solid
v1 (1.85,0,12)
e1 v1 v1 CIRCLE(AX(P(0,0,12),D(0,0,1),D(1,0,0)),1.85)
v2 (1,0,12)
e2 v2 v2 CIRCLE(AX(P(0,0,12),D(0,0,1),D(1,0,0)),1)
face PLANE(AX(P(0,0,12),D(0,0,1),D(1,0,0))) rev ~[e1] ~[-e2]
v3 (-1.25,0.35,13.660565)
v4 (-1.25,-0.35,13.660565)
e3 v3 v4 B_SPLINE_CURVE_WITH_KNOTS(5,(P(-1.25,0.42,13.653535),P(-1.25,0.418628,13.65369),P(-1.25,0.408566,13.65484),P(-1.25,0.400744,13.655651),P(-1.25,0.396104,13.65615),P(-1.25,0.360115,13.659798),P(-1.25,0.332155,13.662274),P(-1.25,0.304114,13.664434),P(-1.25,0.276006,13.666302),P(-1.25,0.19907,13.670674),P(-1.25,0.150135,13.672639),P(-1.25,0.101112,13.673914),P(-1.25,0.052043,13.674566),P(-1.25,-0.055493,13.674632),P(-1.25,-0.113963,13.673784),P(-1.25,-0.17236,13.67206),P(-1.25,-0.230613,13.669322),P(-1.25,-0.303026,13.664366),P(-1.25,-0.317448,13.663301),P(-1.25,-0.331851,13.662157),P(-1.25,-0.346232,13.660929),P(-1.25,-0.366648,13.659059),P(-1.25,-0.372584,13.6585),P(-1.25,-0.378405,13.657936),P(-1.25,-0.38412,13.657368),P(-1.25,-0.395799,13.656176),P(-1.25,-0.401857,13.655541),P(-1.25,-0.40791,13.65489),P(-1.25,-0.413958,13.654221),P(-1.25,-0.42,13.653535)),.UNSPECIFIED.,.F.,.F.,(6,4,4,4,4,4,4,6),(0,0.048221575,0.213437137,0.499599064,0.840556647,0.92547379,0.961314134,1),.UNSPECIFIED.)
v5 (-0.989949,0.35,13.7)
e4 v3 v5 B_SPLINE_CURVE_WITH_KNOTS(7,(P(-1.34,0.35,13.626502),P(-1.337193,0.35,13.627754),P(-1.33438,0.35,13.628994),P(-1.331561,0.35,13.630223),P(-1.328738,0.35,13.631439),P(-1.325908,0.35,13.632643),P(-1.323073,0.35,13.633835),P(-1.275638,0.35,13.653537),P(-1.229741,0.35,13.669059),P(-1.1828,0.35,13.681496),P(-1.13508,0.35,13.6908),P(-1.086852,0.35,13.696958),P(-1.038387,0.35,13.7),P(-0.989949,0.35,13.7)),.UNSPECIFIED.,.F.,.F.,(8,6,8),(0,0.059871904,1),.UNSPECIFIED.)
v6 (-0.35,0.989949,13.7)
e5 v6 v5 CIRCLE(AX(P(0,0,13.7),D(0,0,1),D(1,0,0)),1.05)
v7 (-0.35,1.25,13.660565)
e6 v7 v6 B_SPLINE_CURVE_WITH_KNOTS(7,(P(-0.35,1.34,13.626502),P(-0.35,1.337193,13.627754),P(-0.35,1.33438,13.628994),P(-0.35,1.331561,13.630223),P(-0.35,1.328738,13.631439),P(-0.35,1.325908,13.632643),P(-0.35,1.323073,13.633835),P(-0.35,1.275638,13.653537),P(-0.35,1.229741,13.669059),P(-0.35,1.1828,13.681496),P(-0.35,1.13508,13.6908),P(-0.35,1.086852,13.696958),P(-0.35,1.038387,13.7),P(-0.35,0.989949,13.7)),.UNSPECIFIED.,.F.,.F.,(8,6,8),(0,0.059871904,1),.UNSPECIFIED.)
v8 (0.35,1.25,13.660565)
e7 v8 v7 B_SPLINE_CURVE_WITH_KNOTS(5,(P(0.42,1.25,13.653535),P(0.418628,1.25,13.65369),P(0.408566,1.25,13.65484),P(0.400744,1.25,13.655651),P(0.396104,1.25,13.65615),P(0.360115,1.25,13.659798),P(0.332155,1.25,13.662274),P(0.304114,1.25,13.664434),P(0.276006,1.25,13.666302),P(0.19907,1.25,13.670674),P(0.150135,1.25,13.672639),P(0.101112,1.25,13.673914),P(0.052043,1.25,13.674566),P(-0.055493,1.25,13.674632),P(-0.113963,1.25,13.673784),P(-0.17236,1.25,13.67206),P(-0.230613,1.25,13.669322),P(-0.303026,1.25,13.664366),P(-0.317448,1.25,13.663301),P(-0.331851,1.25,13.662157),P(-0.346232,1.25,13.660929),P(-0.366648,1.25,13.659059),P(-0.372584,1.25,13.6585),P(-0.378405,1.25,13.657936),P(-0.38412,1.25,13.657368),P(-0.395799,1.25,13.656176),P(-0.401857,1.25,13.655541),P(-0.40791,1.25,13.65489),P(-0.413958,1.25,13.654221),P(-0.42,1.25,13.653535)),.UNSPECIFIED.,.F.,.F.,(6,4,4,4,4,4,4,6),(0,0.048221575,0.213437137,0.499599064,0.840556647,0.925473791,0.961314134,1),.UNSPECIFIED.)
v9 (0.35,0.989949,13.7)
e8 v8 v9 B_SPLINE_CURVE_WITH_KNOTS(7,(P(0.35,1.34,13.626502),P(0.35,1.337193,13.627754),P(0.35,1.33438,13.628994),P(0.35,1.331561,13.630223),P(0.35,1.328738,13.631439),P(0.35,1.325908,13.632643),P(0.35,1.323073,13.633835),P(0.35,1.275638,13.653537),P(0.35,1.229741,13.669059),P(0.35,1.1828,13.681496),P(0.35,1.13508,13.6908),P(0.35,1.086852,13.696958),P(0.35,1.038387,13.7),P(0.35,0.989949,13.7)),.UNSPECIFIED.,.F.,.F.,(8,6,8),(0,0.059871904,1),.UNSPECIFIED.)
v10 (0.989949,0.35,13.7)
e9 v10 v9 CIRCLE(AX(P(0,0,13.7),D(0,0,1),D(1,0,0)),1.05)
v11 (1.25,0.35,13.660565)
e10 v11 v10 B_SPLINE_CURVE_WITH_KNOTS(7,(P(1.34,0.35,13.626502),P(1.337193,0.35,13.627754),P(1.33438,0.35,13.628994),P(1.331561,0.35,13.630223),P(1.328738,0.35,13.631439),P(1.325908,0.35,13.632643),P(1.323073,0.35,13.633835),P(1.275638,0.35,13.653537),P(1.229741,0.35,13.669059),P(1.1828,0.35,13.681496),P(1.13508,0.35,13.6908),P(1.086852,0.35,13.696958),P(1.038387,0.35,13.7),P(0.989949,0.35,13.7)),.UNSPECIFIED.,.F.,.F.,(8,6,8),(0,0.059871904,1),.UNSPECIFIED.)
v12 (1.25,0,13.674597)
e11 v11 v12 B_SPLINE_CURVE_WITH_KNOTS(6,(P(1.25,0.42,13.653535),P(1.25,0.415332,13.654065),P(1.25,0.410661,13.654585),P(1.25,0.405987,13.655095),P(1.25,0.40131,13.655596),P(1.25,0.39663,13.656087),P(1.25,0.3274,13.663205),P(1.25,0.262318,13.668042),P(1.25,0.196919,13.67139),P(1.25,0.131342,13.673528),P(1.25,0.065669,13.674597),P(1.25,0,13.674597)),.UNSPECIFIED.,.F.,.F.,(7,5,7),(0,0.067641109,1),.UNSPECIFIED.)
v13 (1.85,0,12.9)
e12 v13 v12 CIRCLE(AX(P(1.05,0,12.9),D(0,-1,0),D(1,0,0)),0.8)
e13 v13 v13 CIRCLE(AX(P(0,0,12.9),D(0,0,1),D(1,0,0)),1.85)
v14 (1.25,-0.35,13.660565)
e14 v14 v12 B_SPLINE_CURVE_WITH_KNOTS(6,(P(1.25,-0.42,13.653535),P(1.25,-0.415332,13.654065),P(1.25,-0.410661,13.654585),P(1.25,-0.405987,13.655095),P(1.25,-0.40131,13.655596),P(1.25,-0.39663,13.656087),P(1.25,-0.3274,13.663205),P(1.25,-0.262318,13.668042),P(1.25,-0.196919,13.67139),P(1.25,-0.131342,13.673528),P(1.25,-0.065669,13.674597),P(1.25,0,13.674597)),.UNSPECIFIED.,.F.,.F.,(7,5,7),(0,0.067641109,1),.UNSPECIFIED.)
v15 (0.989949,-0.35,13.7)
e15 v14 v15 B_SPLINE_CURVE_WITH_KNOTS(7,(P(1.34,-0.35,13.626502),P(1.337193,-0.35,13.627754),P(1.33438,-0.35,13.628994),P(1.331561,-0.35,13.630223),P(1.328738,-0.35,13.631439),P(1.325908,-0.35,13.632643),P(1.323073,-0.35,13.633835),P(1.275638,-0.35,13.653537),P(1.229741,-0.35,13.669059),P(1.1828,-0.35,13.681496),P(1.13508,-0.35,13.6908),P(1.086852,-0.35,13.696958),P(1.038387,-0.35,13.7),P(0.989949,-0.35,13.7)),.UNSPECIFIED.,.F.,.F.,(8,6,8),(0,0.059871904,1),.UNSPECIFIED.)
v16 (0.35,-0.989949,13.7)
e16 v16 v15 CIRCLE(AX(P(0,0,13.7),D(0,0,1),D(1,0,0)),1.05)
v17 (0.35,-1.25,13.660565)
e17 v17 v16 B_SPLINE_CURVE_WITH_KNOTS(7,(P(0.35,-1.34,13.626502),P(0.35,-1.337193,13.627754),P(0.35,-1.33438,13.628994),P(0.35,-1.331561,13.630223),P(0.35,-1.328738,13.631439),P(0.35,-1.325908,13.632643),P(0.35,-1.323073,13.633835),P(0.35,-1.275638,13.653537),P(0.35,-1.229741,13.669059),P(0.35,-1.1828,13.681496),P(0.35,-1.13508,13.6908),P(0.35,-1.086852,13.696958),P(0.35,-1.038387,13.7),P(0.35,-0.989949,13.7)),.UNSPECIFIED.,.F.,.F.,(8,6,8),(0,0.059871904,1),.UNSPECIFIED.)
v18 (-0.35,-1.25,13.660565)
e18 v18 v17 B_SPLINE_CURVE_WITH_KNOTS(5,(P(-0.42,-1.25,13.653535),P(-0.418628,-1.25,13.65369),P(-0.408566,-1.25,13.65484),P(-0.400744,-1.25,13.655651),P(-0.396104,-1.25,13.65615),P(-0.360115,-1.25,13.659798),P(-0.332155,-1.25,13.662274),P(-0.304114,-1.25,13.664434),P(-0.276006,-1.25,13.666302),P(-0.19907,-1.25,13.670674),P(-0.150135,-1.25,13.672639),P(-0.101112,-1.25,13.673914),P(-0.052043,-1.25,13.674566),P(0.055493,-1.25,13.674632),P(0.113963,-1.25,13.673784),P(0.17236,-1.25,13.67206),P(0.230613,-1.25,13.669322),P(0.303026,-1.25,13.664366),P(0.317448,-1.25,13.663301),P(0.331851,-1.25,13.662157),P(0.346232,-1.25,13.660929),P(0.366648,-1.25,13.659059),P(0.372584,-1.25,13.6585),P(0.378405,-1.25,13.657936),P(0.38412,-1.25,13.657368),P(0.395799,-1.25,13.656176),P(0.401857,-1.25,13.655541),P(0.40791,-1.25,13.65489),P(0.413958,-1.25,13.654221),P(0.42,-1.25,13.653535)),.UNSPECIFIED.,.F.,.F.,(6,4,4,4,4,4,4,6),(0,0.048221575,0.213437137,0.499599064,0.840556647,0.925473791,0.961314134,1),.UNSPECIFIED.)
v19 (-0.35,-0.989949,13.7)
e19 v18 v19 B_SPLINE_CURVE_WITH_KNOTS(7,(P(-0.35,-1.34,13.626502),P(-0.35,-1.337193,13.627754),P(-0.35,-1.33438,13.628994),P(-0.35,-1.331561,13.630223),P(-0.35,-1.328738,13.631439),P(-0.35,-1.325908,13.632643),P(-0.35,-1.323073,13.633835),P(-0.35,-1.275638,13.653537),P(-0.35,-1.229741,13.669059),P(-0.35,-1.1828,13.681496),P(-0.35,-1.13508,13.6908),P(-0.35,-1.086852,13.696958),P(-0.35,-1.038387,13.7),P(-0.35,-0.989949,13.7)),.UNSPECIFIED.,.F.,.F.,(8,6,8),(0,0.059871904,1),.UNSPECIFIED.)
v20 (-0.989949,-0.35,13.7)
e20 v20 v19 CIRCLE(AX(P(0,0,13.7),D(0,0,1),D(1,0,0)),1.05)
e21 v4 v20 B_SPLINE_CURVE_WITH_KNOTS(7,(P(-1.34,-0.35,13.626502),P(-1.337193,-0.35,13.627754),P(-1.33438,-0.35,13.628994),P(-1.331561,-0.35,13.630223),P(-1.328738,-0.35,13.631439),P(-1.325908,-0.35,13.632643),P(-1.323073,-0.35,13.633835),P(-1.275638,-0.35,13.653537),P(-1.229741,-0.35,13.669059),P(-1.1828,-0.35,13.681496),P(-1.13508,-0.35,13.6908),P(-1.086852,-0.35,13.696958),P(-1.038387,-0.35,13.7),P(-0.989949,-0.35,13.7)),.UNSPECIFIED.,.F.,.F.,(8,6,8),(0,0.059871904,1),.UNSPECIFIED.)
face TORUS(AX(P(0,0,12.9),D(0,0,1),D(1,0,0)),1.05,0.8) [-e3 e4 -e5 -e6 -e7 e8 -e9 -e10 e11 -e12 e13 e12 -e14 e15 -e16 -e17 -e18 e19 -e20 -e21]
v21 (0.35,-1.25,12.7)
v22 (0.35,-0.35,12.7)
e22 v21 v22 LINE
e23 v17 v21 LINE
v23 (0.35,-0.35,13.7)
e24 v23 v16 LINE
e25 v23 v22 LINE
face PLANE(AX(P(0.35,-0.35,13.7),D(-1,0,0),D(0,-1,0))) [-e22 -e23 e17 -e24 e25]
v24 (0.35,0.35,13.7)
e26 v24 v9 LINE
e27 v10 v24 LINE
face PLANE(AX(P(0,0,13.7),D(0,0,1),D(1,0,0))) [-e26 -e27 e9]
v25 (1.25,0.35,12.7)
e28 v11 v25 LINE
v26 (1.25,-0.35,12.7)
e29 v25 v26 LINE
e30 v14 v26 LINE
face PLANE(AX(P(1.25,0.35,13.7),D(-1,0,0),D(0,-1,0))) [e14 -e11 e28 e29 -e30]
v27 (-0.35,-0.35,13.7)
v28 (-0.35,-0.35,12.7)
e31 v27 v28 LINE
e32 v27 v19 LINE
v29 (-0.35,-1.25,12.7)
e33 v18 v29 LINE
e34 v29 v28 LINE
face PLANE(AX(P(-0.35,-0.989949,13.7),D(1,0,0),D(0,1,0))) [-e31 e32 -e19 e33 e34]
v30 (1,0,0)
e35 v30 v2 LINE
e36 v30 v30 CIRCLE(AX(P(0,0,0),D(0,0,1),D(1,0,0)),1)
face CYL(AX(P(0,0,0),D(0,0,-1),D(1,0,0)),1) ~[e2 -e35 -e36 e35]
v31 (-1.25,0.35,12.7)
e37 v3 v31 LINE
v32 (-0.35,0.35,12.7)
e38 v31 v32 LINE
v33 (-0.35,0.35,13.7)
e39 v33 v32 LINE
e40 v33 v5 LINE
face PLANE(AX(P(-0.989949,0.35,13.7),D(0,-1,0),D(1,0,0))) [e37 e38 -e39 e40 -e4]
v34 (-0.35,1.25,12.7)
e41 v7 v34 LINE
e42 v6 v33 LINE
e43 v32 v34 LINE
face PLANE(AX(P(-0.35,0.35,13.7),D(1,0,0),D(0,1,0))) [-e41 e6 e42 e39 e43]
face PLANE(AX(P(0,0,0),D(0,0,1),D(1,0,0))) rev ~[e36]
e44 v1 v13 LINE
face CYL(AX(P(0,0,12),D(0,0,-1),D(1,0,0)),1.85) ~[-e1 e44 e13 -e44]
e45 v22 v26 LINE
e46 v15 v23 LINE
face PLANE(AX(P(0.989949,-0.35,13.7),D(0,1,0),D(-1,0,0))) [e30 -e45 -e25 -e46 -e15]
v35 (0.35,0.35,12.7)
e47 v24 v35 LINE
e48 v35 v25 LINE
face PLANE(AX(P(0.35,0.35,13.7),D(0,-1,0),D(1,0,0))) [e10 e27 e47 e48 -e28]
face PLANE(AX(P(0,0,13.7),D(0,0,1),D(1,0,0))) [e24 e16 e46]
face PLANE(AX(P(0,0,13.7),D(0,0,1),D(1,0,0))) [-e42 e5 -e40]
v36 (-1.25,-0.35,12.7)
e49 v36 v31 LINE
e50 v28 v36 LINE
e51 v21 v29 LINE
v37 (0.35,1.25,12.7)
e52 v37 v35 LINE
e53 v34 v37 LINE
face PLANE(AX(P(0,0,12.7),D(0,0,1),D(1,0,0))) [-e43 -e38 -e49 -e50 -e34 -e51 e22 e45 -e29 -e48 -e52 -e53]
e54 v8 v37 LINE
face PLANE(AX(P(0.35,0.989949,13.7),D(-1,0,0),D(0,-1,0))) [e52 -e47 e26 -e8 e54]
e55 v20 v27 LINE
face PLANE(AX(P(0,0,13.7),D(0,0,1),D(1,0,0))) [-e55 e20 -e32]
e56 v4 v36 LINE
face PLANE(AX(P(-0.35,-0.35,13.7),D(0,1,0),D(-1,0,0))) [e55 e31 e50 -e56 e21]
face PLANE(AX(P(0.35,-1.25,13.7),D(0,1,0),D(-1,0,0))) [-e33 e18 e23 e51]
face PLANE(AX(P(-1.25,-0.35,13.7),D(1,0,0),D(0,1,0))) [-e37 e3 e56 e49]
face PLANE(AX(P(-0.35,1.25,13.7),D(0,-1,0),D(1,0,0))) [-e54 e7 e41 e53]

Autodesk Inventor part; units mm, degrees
ref_plane "YZ Plane" through (0, 0, 0) normal (1, 0, 0) x (0, 1, 0)
ref_plane "XZ Plane" through (0, 0, 0) normal (0, 1, 0) x (-1, 0, 0)
ref_plane "XY Plane" through (0, 0, 0) normal (0, 0, 1) x (1, 0, 0)
sketch "Sketch1" plane through (0, 0, 0) normal (0, 0, 1) x (1, 0, 0)
  circle A0 centre (0, 0) radius 1
  dimension "d0" = 2
extrude "Extrusion1" add sketch "Sketch1" along normal blind 12
thread "Thread1" size "M2x0.4" class "6g" standard "ANSI Metric M Profile" full length
sketch "Sketch2" plane through (0, 0, 12) normal (0, 0, 1) x (1, 0, 0)
  circle A0 centre (0, 0) radius 1 projected
  circle A1 centre (0, 0) radius 1.85
  dimension "d6" = 3.7
extrude "Extrusion2" add sketch "Sketch2" along normal blind 1.7 contours A0 | A1
fillet "Fillet1" radius 0.8 1 edges at (-1.85, 0, 13.7)
sketch "Sketch3" plane through (0, 0, 13.7) normal (0, 0, 1) x (1, 0, 0)
  circle A0 centre (0, 0) radius 1.05 projected
  line L0 (-0.35, 1.25) -> (0.35, 1.25)
  line L1 (0.35, 1.25) -> (0.35, -1.25)
  line L2 (0.35, -1.25) -> (-0.35, -1.25)
  line L3 (-0.35, -1.25) -> (-0.35, 1.25)
  line L4 (-1.25, 0.35) -> (1.25, 0.35)
  line L5 (1.25, 0.35) -> (1.25, -0.35)
  line L6 (1.25, -0.35) -> (-1.25, -0.35)
  line L7 (-1.25, -0.35) -> (-1.25, 0.35)
  point P0 (0, 1.25)
  point P1 (0.35, 0)
  point P2 (-1.25, 0)
  point P3 (0, 0.35)
  dimension "d11" = 0.7
  dimension "d15" = 2.5
  dimension "d16" = 0.7
  dimension "d17" = 2.5
extrude "Extrusion3" cut sketch "Sketch3" against normal blind 1 contours A0 L6 L1 L4 | A0 L4 L5 L6 | L1 L4 L3 A0 | A0 L3 L0 L1 | L1 L6 L3 L4 | L1 L2 L3 A0 | A0 L3 L6 L1 | L3 L6 A0 L4 | A0 L6 L7 L4
equation "\"d16\" = d11"
equation "\"d17\" = d15"
properties part number "M2 Screw"
